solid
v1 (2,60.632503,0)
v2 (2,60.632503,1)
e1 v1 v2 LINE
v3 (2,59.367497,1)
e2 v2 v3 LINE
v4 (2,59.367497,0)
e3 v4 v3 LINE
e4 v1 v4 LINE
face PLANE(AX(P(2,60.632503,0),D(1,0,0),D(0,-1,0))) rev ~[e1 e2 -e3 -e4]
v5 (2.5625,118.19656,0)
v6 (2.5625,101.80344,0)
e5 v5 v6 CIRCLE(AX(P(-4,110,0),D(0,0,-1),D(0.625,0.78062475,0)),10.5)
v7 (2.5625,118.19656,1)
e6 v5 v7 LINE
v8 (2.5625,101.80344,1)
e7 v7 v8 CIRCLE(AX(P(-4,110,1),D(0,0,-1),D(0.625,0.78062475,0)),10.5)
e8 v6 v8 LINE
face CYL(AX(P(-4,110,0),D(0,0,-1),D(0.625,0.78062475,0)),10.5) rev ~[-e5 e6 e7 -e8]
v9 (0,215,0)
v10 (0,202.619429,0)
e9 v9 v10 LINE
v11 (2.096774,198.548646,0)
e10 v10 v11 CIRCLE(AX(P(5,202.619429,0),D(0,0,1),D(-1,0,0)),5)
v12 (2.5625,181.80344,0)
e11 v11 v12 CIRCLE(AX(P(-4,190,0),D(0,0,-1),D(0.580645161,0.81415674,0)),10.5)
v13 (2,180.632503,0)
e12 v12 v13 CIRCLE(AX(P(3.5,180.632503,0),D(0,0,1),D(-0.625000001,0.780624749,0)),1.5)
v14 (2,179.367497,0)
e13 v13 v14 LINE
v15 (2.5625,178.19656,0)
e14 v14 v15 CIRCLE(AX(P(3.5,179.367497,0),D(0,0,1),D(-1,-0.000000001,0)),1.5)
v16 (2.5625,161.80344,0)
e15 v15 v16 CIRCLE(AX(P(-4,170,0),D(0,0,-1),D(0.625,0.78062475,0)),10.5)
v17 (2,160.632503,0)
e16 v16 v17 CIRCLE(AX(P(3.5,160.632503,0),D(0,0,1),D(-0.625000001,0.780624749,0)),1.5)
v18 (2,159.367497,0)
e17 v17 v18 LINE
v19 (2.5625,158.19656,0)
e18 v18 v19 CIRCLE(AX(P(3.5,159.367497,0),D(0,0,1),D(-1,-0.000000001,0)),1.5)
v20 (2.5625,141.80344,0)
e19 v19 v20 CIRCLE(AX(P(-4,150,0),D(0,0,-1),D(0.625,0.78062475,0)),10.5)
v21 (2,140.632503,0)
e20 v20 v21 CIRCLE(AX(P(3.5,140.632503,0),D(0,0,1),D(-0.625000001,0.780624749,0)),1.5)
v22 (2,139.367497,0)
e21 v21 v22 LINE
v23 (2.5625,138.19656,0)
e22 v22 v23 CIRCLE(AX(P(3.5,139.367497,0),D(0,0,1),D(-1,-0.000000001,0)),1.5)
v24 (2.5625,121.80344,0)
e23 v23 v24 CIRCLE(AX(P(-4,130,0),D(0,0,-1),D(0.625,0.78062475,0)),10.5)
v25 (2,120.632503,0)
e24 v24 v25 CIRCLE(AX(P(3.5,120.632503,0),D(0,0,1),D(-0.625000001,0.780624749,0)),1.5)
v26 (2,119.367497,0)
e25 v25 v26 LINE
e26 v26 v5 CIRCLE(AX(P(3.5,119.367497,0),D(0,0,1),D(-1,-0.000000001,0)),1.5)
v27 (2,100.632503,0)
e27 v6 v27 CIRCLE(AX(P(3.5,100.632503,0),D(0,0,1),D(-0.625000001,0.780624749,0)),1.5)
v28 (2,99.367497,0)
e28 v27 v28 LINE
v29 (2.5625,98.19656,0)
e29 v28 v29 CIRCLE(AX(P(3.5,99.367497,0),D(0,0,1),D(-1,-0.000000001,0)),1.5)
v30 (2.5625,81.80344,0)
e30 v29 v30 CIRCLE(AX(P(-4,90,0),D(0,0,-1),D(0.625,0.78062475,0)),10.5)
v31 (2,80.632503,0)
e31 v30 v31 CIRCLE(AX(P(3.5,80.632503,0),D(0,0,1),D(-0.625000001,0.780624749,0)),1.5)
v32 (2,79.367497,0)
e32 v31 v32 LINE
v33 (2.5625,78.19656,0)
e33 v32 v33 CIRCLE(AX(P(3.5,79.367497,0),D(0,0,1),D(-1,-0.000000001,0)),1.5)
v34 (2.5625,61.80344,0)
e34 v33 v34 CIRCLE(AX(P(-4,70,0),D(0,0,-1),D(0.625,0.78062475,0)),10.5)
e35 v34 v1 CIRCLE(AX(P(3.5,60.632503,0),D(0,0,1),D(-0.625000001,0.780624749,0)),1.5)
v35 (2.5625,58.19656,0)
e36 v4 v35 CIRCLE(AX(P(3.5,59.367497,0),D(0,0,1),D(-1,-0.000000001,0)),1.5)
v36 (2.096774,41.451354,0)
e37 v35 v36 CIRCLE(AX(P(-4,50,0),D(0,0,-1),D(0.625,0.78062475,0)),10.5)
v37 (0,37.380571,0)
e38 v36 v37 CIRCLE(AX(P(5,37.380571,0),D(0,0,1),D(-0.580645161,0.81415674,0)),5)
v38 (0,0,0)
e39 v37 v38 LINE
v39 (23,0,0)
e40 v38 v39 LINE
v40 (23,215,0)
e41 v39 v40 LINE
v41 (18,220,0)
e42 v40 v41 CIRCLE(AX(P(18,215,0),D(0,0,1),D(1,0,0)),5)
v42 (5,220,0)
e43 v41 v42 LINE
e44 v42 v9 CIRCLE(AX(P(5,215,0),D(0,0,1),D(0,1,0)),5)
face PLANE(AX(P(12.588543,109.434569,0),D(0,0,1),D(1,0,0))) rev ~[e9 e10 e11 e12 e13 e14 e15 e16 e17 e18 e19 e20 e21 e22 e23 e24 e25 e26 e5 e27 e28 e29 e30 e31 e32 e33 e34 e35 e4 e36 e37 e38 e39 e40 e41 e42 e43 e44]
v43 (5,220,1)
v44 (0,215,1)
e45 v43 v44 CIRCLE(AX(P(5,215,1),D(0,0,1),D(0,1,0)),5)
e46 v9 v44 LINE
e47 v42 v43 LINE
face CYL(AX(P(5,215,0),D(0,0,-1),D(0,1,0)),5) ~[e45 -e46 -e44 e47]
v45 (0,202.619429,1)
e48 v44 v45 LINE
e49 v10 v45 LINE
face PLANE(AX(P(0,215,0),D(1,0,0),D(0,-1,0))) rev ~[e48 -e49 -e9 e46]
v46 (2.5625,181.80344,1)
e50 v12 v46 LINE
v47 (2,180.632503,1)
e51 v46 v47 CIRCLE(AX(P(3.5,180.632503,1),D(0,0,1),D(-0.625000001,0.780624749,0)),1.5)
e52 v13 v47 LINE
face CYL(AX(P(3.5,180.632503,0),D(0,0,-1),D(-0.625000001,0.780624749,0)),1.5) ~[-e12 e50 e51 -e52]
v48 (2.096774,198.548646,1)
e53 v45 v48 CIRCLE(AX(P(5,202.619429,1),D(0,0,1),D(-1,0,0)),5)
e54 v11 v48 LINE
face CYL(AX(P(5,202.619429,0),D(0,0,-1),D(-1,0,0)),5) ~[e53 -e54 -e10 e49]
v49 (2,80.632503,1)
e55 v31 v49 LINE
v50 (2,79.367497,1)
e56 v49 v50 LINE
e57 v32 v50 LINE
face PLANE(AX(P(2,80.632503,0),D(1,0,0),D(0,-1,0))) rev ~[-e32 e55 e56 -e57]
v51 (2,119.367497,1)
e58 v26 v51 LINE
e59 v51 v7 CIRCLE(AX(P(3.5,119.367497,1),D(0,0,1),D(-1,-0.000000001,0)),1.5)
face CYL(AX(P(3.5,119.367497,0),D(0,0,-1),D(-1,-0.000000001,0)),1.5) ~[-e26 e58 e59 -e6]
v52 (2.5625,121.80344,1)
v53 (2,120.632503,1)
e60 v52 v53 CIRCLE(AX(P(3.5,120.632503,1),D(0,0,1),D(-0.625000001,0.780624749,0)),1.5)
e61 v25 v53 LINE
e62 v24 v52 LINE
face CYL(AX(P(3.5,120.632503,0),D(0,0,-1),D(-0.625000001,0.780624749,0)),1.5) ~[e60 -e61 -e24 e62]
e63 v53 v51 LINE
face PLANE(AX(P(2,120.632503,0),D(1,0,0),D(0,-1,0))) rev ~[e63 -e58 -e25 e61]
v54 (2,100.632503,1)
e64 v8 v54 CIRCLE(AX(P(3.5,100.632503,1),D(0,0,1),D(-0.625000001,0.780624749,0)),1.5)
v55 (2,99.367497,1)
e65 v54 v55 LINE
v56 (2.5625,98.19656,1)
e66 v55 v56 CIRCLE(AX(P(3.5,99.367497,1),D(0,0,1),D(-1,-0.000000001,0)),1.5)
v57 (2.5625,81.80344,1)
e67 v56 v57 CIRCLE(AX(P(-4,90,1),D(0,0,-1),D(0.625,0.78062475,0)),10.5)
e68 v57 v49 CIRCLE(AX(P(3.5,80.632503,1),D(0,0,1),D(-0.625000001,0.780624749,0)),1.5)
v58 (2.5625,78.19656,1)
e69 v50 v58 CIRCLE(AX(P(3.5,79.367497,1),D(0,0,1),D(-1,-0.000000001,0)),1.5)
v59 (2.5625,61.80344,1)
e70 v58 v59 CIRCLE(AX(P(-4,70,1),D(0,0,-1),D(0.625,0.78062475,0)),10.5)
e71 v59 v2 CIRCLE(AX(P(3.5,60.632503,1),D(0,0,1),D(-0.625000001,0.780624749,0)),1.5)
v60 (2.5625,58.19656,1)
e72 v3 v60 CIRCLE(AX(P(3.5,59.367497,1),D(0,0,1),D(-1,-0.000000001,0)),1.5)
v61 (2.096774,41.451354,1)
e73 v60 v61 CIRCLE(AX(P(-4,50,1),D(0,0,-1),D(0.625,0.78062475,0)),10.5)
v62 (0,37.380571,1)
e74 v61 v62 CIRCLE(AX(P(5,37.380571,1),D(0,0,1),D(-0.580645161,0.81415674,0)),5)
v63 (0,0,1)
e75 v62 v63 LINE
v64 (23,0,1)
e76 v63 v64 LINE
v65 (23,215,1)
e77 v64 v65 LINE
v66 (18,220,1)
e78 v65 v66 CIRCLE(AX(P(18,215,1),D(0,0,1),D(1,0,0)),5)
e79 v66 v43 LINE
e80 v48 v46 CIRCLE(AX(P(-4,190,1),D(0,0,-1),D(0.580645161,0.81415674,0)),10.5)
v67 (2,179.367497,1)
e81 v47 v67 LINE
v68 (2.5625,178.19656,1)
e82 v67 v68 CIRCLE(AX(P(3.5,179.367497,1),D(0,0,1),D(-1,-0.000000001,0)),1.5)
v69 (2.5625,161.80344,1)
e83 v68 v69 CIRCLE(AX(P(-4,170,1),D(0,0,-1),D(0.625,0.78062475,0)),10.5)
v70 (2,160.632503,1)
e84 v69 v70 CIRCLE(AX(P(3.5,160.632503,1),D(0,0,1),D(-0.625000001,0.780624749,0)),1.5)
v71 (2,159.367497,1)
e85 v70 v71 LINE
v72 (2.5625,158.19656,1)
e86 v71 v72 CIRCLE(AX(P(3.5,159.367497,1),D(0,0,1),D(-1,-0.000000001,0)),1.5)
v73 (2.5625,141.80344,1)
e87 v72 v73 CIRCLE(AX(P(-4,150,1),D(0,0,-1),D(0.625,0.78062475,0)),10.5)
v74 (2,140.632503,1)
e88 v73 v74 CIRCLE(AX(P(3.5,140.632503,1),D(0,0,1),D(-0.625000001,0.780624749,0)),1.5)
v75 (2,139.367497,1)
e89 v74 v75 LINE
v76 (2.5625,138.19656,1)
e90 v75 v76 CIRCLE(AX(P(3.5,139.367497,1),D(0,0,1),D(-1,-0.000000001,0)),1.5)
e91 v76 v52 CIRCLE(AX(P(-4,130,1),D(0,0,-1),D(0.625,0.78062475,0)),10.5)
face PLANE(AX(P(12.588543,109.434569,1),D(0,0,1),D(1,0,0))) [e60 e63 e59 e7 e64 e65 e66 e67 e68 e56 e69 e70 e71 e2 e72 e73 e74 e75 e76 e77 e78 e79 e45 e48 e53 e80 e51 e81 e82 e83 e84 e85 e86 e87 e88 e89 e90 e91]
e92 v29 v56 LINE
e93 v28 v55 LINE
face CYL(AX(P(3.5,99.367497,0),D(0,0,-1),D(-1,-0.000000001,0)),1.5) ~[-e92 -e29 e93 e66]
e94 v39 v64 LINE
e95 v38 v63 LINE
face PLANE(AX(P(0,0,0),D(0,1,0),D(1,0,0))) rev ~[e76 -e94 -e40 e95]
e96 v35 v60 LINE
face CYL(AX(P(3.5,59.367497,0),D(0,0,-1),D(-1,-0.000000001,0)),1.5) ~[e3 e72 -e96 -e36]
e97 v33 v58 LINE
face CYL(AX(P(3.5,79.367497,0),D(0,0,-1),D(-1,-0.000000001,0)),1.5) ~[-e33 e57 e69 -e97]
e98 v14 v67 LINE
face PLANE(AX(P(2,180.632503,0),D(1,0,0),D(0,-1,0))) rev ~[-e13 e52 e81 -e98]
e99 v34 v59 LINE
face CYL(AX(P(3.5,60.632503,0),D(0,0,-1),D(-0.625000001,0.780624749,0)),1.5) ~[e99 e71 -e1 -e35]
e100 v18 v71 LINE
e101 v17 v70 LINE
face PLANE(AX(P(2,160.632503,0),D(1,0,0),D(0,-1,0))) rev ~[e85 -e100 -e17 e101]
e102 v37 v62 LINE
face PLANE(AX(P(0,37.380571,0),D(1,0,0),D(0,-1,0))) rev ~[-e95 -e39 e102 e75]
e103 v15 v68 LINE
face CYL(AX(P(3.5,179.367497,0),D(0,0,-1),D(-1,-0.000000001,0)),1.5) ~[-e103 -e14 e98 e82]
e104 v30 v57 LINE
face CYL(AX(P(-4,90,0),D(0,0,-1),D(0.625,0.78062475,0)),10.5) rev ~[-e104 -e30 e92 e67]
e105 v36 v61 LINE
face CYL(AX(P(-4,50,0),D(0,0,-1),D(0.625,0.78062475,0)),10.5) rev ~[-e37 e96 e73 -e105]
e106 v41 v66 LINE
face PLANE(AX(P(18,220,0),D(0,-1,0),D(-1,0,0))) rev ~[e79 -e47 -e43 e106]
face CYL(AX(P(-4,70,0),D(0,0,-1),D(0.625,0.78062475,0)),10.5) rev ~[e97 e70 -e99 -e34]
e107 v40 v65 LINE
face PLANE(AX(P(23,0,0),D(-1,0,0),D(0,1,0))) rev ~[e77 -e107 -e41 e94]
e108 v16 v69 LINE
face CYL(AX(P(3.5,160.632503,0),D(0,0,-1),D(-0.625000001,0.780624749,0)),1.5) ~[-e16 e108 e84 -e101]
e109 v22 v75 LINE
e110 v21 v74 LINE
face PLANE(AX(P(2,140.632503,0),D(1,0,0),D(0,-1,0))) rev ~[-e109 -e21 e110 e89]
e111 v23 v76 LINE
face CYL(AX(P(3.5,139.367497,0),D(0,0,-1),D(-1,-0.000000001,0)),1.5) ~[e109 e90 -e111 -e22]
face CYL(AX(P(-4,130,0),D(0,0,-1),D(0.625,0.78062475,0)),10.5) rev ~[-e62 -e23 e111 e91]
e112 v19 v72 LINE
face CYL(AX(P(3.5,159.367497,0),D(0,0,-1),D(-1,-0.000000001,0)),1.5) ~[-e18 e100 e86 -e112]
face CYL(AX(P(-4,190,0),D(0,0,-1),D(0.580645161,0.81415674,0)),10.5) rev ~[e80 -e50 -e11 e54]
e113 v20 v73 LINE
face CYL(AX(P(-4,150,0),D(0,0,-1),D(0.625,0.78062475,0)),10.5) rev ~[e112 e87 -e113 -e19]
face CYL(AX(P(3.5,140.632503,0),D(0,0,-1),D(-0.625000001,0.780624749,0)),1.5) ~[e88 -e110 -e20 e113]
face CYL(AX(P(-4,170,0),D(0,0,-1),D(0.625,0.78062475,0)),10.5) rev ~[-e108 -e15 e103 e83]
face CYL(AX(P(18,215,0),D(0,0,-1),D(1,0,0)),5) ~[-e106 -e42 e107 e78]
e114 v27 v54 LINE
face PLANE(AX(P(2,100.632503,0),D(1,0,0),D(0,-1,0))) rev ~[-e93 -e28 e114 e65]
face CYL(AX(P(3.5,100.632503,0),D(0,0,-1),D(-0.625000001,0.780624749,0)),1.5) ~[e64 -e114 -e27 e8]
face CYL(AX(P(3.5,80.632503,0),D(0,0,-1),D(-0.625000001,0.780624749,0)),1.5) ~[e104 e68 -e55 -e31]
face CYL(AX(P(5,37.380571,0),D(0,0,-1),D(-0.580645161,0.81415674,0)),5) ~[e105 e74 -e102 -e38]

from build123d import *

# Parameters (mm, degrees)
BOSS_EXTRUDE1_DEPTH = 1


with BuildPart() as part:
    # Sketch1 → Boss-Extrude1 (new body)
    with BuildSketch(Plane.XY):
        with BuildLine():
            Line((0, 0), (23, 0))
            Line((23, 0), (23, 215))
            ThreePointArc((23, 215), (21.535533906, 218.535533906), (18, 220))
            Line((18, 220), (5, 220))
            ThreePointArc((5, 220), (1.464466094, 218.535533906), (0, 215))
            Line((0, 215), (0, 202.619429464))
            ThreePointArc((0, 202.619429464), (0.554995555, 200.329902115), (2.096774194, 198.548645766))
            ThreePointArc((2.096774194, 198.548645766), (6.495941299, 190.291918226), (2.5625, 181.803440127))
            ThreePointArc((2.5625, 181.803440127), (2.147918272, 181.282022055), (2, 180.632503002))
            Line((2, 180.632503002), (2, 179.367496998))
            ThreePointArc((2, 179.367496998), (2.147918272, 178.717977945), (2.5625, 178.196559873))
            ThreePointArc((2.5625, 178.196559873), (6.5, 170), (2.5625, 161.803440127))
            ThreePointArc((2.5625, 161.803440127), (2.147918272, 161.282022055), (2, 160.632503002))
            Line((2, 160.632503002), (2, 159.367496998))
            ThreePointArc((2, 159.367496998), (2.147918272, 158.717977945), (2.5625, 158.196559873))
            ThreePointArc((2.5625, 158.196559873), (6.5, 150), (2.5625, 141.803440127))
            ThreePointArc((2.5625, 141.803440127), (2.147918272, 141.282022055), (2, 140.632503002))
            Line((2, 140.632503002), (2, 139.367496998))
            ThreePointArc((2, 139.367496998), (2.147918272, 138.717977945), (2.5625, 138.196559873))
            ThreePointArc((2.5625, 138.196559873), (6.5, 130), (2.5625, 121.803440127))
            ThreePointArc((2.5625, 121.803440127), (2.147918272, 121.282022055), (2, 120.632503002))
            Line((2, 120.632503002), (2, 119.367496998))
            ThreePointArc((2, 119.367496998), (2.147918272, 118.717977945), (2.5625, 118.196559873))
            ThreePointArc((2.5625, 118.196559873), (6.5, 110), (2.5625, 101.803440127))
            ThreePointArc((2.5625, 101.803440127), (2.147918272, 101.282022055), (2, 100.632503002))
            Line((2, 100.632503002), (2, 99.367496998))
            ThreePointArc((2, 99.367496998), (2.147918272, 98.717977945), (2.5625, 98.196559873))
            ThreePointArc((2.5625, 98.196559873), (6.5, 90), (2.5625, 81.803440127))
            ThreePointArc((2.5625, 81.803440127), (2.147918272, 81.282022055), (2, 80.632503002))
            Line((2, 80.632503002), (2, 79.367496998))
            ThreePointArc((2, 79.367496998), (2.147918272, 78.717977945), (2.5625, 78.196559873))
            ThreePointArc((2.5625, 78.196559873), (6.5, 70), (2.5625, 61.803440127))
            ThreePointArc((2.5625, 61.803440127), (2.147918272, 61.282022055), (2, 60.632503002))
            Line((2, 60.632503002), (2, 59.367496998))
            ThreePointArc((2, 59.367496998), (2.147918272, 58.717977945), (2.5625, 58.196559873))
            ThreePointArc((2.5625, 58.196559873), (6.495941299, 49.708081774), (2.096774194, 41.451354234))
            ThreePointArc((2.096774194, 41.451354234), (0.554995555, 39.670097885), (0, 37.380570536))
            Line((0, 37.380570536), (0, 0))
        make_face()
    extrude(amount=BOSS_EXTRUDE1_DEPTH)


solid = part.part
